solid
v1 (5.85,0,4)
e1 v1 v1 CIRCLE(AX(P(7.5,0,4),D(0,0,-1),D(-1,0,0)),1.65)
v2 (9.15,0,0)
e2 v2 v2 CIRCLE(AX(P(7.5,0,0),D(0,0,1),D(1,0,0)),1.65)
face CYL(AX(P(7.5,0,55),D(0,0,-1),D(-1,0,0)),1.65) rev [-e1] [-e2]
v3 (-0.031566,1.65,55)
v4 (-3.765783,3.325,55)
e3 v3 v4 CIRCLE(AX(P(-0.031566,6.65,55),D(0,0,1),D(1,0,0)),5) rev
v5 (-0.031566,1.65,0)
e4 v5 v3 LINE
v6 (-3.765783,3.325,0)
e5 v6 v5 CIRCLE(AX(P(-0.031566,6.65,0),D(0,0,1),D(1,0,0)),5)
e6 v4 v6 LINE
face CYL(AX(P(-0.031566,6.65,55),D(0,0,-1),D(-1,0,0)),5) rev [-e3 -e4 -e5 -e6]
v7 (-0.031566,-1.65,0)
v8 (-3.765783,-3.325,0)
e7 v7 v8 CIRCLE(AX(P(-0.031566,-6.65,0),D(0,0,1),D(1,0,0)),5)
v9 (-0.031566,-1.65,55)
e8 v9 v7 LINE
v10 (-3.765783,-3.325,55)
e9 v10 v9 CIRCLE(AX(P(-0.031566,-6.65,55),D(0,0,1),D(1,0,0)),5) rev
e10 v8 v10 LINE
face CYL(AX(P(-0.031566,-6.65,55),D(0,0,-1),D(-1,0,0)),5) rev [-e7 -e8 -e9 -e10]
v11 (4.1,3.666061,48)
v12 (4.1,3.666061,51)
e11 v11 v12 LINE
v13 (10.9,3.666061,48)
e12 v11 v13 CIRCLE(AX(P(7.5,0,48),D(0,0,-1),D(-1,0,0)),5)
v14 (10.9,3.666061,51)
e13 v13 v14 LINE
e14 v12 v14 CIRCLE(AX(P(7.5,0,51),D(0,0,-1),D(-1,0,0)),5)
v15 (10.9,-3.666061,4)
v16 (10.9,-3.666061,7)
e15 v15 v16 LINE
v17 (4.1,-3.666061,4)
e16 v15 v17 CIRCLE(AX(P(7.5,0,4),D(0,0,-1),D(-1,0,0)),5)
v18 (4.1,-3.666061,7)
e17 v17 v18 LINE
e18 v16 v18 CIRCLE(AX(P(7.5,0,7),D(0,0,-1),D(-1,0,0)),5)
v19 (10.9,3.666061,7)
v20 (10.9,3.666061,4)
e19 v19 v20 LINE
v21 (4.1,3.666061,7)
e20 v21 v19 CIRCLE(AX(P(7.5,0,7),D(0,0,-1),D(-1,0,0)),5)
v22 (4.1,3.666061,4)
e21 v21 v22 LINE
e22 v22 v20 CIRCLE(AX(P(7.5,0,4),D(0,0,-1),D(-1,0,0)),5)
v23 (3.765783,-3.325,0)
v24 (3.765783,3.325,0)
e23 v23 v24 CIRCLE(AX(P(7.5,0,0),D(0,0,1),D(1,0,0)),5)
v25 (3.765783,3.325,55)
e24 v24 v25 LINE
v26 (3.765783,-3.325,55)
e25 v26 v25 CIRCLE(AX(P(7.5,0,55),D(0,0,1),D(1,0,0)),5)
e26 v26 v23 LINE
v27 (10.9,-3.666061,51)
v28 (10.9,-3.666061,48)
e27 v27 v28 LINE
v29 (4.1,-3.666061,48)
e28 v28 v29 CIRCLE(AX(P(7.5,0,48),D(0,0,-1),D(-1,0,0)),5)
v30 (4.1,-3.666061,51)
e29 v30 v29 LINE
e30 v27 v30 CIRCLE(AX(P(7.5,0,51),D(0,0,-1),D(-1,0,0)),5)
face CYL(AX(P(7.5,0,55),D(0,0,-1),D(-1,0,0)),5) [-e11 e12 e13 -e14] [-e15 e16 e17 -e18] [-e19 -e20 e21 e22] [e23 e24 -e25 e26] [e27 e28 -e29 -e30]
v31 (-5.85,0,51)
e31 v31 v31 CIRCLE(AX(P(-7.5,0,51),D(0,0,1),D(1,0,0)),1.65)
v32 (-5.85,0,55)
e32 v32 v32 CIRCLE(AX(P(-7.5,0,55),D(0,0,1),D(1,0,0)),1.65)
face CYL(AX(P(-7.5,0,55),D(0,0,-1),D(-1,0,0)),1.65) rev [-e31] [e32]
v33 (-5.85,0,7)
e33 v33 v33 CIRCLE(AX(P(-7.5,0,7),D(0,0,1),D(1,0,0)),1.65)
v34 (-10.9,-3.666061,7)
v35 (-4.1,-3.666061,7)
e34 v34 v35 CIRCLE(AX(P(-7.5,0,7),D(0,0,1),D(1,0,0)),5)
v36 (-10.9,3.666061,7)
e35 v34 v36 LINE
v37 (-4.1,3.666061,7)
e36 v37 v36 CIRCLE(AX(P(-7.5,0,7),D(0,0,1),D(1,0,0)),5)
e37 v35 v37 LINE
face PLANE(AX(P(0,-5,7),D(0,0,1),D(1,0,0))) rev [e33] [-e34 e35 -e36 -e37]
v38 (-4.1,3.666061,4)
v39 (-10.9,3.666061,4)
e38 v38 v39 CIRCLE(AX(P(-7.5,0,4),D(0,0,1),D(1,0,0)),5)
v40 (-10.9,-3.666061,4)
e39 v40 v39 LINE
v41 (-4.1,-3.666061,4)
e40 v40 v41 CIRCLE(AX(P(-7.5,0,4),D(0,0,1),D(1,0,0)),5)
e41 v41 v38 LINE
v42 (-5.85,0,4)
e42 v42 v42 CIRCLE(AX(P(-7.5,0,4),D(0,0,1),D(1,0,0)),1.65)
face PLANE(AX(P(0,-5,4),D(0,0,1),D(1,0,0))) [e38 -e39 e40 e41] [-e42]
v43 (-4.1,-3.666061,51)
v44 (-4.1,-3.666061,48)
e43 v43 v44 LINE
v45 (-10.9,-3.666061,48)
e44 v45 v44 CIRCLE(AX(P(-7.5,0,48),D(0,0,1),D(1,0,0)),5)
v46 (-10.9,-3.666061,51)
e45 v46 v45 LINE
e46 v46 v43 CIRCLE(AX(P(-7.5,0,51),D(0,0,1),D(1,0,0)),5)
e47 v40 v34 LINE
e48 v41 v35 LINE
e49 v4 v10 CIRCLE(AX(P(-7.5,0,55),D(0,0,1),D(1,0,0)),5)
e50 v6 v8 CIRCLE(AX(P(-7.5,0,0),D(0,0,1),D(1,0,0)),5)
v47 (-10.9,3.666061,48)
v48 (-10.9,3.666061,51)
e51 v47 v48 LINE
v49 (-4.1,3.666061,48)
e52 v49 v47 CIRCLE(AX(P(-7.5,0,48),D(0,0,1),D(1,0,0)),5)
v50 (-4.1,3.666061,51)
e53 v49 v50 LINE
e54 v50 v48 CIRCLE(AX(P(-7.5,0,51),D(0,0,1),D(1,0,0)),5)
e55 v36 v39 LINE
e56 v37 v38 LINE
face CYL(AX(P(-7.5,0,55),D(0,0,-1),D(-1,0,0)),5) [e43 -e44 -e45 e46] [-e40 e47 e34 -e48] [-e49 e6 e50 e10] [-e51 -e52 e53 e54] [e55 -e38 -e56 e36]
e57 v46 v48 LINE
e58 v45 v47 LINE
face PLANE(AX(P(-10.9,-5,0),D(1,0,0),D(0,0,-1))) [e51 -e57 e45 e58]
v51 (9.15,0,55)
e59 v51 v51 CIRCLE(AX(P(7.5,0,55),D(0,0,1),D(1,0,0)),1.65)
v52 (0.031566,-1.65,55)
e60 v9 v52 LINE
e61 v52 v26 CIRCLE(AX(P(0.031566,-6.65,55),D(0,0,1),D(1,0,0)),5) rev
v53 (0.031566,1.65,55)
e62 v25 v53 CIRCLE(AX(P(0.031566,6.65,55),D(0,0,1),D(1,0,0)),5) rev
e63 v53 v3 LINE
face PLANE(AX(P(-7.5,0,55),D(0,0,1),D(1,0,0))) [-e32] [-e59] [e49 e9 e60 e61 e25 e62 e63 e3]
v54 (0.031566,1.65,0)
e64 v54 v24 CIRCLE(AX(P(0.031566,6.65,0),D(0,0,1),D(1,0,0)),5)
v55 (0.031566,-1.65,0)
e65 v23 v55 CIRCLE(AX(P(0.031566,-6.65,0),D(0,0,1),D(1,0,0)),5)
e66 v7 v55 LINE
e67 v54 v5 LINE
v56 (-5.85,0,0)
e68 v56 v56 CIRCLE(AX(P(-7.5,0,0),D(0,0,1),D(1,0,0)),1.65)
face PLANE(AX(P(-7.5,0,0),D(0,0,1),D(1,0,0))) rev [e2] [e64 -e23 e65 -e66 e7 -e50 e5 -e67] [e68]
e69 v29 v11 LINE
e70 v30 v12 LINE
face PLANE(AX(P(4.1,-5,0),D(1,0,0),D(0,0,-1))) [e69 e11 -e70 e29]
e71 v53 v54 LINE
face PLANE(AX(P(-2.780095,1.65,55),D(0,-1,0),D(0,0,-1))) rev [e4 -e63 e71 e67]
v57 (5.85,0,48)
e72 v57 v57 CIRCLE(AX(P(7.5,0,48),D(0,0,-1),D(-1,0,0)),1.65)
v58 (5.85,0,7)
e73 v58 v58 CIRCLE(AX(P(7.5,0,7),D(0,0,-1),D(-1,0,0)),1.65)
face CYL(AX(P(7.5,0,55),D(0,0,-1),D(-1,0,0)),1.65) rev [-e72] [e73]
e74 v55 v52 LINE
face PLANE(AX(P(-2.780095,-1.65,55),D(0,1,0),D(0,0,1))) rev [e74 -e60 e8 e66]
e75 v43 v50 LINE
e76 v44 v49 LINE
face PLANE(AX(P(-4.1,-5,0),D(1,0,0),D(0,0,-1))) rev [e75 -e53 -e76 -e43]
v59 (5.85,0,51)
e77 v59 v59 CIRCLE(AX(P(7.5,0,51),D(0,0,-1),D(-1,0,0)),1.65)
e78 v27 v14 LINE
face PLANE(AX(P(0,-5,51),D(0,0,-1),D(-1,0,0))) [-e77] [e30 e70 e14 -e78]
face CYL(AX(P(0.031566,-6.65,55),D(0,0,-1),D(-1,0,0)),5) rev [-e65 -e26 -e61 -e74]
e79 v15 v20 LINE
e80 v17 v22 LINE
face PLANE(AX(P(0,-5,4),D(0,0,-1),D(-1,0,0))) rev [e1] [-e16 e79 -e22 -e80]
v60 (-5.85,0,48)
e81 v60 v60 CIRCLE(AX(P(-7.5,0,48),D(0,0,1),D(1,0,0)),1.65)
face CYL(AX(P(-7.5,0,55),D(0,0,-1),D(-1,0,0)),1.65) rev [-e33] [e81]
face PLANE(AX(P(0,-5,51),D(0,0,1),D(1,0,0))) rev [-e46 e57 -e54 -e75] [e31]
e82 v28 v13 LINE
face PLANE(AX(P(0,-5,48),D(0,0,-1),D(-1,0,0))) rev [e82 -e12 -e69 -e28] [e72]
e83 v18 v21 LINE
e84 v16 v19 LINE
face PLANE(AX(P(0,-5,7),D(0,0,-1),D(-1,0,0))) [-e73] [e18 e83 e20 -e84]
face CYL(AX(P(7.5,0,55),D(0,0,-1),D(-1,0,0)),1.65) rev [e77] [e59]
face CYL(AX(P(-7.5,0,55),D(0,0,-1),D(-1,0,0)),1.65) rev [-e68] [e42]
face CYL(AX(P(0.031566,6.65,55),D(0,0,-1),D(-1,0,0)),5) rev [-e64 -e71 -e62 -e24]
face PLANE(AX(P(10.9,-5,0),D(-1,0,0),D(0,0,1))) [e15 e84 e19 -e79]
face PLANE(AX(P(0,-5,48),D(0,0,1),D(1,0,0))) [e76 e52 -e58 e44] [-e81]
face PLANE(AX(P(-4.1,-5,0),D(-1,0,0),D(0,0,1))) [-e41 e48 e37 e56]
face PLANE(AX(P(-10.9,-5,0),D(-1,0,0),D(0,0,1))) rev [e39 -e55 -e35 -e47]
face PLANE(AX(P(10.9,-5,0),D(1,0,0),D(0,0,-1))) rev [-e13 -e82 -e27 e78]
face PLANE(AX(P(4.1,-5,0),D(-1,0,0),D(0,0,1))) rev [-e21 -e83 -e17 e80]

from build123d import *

# Parameters (mm, degrees)
ESBO_O1_R                  = 1.65
RESSALTO_EXTRUS_O1_DEPTH   = 55
FILETE1_R                  = 5
CORTE_EXTRUS_O1_DEPTH      = 57.623758265
CORTE_EXTRUS_O1_DEPTH_BACK = 57.623758265
ESBO_O2_W                  = 6.8
ESBO_O2_H                  = 3


with BuildPart() as part:
    # Esboço1 → Ressalto-extrusão1 (new body)
    with BuildSketch(Plane.XY):
        with BuildLine():
            Line((-2.78009534, 1.65), (2.78009534, 1.65))
            ThreePointArc((2.78009534, 1.65), (12.5, 0), (2.78009534, -1.65))
            Line((2.78009534, -1.65), (-2.78009534, -1.65))
            ThreePointArc((-2.78009534, -1.65), (-12.5, 0), (-2.78009534, 1.65))
        make_face()
        with Locations((-7.5, 0)):
            Circle(ESBO_O1_R, mode=Mode.SUBTRACT)
        with Locations((7.5, 0)):
            Circle(ESBO_O1_R, mode=Mode.SUBTRACT)
    extrude(amount=RESSALTO_EXTRUS_O1_DEPTH)

    # Filete1
    filete1_edges = [part.edges().sort_by_distance(p)[0] for p in [
        (-2.78009534, 1.65, 27.5),
        (2.78009534, 1.65, 27.5),
        (2.78009534, -1.65, 27.5),
        (-2.78009534, -1.65, 27.5),
    ]]
    fillet(filete1_edges, radius=FILETE1_R)

    # Esboço2 → Corte-extrusão1 (cut, two sides: drawn at the far end of the back side and taken through both)
    with BuildSketch(Plane(origin=(0, 0, 0), x_dir=(1, 0, 0), z_dir=(0, 1, 0)).offset(-CORTE_EXTRUS_O1_DEPTH_BACK)):
        with Locations((-7.5, -5.5)):
            Rectangle(ESBO_O2_W, ESBO_O2_H)
        with Locations((7.5, -5.5)):
            Rectangle(ESBO_O2_W, ESBO_O2_H)
        with Locations((7.5, -49.5)):
            Rectangle(ESBO_O2_W, ESBO_O2_H)
        with Locations((-7.5, -49.5)):
            Rectangle(ESBO_O2_W, ESBO_O2_H)
    extrude(amount=CORTE_EXTRUS_O1_DEPTH + CORTE_EXTRUS_O1_DEPTH_BACK, mode=Mode.SUBTRACT)


solid = part.part
